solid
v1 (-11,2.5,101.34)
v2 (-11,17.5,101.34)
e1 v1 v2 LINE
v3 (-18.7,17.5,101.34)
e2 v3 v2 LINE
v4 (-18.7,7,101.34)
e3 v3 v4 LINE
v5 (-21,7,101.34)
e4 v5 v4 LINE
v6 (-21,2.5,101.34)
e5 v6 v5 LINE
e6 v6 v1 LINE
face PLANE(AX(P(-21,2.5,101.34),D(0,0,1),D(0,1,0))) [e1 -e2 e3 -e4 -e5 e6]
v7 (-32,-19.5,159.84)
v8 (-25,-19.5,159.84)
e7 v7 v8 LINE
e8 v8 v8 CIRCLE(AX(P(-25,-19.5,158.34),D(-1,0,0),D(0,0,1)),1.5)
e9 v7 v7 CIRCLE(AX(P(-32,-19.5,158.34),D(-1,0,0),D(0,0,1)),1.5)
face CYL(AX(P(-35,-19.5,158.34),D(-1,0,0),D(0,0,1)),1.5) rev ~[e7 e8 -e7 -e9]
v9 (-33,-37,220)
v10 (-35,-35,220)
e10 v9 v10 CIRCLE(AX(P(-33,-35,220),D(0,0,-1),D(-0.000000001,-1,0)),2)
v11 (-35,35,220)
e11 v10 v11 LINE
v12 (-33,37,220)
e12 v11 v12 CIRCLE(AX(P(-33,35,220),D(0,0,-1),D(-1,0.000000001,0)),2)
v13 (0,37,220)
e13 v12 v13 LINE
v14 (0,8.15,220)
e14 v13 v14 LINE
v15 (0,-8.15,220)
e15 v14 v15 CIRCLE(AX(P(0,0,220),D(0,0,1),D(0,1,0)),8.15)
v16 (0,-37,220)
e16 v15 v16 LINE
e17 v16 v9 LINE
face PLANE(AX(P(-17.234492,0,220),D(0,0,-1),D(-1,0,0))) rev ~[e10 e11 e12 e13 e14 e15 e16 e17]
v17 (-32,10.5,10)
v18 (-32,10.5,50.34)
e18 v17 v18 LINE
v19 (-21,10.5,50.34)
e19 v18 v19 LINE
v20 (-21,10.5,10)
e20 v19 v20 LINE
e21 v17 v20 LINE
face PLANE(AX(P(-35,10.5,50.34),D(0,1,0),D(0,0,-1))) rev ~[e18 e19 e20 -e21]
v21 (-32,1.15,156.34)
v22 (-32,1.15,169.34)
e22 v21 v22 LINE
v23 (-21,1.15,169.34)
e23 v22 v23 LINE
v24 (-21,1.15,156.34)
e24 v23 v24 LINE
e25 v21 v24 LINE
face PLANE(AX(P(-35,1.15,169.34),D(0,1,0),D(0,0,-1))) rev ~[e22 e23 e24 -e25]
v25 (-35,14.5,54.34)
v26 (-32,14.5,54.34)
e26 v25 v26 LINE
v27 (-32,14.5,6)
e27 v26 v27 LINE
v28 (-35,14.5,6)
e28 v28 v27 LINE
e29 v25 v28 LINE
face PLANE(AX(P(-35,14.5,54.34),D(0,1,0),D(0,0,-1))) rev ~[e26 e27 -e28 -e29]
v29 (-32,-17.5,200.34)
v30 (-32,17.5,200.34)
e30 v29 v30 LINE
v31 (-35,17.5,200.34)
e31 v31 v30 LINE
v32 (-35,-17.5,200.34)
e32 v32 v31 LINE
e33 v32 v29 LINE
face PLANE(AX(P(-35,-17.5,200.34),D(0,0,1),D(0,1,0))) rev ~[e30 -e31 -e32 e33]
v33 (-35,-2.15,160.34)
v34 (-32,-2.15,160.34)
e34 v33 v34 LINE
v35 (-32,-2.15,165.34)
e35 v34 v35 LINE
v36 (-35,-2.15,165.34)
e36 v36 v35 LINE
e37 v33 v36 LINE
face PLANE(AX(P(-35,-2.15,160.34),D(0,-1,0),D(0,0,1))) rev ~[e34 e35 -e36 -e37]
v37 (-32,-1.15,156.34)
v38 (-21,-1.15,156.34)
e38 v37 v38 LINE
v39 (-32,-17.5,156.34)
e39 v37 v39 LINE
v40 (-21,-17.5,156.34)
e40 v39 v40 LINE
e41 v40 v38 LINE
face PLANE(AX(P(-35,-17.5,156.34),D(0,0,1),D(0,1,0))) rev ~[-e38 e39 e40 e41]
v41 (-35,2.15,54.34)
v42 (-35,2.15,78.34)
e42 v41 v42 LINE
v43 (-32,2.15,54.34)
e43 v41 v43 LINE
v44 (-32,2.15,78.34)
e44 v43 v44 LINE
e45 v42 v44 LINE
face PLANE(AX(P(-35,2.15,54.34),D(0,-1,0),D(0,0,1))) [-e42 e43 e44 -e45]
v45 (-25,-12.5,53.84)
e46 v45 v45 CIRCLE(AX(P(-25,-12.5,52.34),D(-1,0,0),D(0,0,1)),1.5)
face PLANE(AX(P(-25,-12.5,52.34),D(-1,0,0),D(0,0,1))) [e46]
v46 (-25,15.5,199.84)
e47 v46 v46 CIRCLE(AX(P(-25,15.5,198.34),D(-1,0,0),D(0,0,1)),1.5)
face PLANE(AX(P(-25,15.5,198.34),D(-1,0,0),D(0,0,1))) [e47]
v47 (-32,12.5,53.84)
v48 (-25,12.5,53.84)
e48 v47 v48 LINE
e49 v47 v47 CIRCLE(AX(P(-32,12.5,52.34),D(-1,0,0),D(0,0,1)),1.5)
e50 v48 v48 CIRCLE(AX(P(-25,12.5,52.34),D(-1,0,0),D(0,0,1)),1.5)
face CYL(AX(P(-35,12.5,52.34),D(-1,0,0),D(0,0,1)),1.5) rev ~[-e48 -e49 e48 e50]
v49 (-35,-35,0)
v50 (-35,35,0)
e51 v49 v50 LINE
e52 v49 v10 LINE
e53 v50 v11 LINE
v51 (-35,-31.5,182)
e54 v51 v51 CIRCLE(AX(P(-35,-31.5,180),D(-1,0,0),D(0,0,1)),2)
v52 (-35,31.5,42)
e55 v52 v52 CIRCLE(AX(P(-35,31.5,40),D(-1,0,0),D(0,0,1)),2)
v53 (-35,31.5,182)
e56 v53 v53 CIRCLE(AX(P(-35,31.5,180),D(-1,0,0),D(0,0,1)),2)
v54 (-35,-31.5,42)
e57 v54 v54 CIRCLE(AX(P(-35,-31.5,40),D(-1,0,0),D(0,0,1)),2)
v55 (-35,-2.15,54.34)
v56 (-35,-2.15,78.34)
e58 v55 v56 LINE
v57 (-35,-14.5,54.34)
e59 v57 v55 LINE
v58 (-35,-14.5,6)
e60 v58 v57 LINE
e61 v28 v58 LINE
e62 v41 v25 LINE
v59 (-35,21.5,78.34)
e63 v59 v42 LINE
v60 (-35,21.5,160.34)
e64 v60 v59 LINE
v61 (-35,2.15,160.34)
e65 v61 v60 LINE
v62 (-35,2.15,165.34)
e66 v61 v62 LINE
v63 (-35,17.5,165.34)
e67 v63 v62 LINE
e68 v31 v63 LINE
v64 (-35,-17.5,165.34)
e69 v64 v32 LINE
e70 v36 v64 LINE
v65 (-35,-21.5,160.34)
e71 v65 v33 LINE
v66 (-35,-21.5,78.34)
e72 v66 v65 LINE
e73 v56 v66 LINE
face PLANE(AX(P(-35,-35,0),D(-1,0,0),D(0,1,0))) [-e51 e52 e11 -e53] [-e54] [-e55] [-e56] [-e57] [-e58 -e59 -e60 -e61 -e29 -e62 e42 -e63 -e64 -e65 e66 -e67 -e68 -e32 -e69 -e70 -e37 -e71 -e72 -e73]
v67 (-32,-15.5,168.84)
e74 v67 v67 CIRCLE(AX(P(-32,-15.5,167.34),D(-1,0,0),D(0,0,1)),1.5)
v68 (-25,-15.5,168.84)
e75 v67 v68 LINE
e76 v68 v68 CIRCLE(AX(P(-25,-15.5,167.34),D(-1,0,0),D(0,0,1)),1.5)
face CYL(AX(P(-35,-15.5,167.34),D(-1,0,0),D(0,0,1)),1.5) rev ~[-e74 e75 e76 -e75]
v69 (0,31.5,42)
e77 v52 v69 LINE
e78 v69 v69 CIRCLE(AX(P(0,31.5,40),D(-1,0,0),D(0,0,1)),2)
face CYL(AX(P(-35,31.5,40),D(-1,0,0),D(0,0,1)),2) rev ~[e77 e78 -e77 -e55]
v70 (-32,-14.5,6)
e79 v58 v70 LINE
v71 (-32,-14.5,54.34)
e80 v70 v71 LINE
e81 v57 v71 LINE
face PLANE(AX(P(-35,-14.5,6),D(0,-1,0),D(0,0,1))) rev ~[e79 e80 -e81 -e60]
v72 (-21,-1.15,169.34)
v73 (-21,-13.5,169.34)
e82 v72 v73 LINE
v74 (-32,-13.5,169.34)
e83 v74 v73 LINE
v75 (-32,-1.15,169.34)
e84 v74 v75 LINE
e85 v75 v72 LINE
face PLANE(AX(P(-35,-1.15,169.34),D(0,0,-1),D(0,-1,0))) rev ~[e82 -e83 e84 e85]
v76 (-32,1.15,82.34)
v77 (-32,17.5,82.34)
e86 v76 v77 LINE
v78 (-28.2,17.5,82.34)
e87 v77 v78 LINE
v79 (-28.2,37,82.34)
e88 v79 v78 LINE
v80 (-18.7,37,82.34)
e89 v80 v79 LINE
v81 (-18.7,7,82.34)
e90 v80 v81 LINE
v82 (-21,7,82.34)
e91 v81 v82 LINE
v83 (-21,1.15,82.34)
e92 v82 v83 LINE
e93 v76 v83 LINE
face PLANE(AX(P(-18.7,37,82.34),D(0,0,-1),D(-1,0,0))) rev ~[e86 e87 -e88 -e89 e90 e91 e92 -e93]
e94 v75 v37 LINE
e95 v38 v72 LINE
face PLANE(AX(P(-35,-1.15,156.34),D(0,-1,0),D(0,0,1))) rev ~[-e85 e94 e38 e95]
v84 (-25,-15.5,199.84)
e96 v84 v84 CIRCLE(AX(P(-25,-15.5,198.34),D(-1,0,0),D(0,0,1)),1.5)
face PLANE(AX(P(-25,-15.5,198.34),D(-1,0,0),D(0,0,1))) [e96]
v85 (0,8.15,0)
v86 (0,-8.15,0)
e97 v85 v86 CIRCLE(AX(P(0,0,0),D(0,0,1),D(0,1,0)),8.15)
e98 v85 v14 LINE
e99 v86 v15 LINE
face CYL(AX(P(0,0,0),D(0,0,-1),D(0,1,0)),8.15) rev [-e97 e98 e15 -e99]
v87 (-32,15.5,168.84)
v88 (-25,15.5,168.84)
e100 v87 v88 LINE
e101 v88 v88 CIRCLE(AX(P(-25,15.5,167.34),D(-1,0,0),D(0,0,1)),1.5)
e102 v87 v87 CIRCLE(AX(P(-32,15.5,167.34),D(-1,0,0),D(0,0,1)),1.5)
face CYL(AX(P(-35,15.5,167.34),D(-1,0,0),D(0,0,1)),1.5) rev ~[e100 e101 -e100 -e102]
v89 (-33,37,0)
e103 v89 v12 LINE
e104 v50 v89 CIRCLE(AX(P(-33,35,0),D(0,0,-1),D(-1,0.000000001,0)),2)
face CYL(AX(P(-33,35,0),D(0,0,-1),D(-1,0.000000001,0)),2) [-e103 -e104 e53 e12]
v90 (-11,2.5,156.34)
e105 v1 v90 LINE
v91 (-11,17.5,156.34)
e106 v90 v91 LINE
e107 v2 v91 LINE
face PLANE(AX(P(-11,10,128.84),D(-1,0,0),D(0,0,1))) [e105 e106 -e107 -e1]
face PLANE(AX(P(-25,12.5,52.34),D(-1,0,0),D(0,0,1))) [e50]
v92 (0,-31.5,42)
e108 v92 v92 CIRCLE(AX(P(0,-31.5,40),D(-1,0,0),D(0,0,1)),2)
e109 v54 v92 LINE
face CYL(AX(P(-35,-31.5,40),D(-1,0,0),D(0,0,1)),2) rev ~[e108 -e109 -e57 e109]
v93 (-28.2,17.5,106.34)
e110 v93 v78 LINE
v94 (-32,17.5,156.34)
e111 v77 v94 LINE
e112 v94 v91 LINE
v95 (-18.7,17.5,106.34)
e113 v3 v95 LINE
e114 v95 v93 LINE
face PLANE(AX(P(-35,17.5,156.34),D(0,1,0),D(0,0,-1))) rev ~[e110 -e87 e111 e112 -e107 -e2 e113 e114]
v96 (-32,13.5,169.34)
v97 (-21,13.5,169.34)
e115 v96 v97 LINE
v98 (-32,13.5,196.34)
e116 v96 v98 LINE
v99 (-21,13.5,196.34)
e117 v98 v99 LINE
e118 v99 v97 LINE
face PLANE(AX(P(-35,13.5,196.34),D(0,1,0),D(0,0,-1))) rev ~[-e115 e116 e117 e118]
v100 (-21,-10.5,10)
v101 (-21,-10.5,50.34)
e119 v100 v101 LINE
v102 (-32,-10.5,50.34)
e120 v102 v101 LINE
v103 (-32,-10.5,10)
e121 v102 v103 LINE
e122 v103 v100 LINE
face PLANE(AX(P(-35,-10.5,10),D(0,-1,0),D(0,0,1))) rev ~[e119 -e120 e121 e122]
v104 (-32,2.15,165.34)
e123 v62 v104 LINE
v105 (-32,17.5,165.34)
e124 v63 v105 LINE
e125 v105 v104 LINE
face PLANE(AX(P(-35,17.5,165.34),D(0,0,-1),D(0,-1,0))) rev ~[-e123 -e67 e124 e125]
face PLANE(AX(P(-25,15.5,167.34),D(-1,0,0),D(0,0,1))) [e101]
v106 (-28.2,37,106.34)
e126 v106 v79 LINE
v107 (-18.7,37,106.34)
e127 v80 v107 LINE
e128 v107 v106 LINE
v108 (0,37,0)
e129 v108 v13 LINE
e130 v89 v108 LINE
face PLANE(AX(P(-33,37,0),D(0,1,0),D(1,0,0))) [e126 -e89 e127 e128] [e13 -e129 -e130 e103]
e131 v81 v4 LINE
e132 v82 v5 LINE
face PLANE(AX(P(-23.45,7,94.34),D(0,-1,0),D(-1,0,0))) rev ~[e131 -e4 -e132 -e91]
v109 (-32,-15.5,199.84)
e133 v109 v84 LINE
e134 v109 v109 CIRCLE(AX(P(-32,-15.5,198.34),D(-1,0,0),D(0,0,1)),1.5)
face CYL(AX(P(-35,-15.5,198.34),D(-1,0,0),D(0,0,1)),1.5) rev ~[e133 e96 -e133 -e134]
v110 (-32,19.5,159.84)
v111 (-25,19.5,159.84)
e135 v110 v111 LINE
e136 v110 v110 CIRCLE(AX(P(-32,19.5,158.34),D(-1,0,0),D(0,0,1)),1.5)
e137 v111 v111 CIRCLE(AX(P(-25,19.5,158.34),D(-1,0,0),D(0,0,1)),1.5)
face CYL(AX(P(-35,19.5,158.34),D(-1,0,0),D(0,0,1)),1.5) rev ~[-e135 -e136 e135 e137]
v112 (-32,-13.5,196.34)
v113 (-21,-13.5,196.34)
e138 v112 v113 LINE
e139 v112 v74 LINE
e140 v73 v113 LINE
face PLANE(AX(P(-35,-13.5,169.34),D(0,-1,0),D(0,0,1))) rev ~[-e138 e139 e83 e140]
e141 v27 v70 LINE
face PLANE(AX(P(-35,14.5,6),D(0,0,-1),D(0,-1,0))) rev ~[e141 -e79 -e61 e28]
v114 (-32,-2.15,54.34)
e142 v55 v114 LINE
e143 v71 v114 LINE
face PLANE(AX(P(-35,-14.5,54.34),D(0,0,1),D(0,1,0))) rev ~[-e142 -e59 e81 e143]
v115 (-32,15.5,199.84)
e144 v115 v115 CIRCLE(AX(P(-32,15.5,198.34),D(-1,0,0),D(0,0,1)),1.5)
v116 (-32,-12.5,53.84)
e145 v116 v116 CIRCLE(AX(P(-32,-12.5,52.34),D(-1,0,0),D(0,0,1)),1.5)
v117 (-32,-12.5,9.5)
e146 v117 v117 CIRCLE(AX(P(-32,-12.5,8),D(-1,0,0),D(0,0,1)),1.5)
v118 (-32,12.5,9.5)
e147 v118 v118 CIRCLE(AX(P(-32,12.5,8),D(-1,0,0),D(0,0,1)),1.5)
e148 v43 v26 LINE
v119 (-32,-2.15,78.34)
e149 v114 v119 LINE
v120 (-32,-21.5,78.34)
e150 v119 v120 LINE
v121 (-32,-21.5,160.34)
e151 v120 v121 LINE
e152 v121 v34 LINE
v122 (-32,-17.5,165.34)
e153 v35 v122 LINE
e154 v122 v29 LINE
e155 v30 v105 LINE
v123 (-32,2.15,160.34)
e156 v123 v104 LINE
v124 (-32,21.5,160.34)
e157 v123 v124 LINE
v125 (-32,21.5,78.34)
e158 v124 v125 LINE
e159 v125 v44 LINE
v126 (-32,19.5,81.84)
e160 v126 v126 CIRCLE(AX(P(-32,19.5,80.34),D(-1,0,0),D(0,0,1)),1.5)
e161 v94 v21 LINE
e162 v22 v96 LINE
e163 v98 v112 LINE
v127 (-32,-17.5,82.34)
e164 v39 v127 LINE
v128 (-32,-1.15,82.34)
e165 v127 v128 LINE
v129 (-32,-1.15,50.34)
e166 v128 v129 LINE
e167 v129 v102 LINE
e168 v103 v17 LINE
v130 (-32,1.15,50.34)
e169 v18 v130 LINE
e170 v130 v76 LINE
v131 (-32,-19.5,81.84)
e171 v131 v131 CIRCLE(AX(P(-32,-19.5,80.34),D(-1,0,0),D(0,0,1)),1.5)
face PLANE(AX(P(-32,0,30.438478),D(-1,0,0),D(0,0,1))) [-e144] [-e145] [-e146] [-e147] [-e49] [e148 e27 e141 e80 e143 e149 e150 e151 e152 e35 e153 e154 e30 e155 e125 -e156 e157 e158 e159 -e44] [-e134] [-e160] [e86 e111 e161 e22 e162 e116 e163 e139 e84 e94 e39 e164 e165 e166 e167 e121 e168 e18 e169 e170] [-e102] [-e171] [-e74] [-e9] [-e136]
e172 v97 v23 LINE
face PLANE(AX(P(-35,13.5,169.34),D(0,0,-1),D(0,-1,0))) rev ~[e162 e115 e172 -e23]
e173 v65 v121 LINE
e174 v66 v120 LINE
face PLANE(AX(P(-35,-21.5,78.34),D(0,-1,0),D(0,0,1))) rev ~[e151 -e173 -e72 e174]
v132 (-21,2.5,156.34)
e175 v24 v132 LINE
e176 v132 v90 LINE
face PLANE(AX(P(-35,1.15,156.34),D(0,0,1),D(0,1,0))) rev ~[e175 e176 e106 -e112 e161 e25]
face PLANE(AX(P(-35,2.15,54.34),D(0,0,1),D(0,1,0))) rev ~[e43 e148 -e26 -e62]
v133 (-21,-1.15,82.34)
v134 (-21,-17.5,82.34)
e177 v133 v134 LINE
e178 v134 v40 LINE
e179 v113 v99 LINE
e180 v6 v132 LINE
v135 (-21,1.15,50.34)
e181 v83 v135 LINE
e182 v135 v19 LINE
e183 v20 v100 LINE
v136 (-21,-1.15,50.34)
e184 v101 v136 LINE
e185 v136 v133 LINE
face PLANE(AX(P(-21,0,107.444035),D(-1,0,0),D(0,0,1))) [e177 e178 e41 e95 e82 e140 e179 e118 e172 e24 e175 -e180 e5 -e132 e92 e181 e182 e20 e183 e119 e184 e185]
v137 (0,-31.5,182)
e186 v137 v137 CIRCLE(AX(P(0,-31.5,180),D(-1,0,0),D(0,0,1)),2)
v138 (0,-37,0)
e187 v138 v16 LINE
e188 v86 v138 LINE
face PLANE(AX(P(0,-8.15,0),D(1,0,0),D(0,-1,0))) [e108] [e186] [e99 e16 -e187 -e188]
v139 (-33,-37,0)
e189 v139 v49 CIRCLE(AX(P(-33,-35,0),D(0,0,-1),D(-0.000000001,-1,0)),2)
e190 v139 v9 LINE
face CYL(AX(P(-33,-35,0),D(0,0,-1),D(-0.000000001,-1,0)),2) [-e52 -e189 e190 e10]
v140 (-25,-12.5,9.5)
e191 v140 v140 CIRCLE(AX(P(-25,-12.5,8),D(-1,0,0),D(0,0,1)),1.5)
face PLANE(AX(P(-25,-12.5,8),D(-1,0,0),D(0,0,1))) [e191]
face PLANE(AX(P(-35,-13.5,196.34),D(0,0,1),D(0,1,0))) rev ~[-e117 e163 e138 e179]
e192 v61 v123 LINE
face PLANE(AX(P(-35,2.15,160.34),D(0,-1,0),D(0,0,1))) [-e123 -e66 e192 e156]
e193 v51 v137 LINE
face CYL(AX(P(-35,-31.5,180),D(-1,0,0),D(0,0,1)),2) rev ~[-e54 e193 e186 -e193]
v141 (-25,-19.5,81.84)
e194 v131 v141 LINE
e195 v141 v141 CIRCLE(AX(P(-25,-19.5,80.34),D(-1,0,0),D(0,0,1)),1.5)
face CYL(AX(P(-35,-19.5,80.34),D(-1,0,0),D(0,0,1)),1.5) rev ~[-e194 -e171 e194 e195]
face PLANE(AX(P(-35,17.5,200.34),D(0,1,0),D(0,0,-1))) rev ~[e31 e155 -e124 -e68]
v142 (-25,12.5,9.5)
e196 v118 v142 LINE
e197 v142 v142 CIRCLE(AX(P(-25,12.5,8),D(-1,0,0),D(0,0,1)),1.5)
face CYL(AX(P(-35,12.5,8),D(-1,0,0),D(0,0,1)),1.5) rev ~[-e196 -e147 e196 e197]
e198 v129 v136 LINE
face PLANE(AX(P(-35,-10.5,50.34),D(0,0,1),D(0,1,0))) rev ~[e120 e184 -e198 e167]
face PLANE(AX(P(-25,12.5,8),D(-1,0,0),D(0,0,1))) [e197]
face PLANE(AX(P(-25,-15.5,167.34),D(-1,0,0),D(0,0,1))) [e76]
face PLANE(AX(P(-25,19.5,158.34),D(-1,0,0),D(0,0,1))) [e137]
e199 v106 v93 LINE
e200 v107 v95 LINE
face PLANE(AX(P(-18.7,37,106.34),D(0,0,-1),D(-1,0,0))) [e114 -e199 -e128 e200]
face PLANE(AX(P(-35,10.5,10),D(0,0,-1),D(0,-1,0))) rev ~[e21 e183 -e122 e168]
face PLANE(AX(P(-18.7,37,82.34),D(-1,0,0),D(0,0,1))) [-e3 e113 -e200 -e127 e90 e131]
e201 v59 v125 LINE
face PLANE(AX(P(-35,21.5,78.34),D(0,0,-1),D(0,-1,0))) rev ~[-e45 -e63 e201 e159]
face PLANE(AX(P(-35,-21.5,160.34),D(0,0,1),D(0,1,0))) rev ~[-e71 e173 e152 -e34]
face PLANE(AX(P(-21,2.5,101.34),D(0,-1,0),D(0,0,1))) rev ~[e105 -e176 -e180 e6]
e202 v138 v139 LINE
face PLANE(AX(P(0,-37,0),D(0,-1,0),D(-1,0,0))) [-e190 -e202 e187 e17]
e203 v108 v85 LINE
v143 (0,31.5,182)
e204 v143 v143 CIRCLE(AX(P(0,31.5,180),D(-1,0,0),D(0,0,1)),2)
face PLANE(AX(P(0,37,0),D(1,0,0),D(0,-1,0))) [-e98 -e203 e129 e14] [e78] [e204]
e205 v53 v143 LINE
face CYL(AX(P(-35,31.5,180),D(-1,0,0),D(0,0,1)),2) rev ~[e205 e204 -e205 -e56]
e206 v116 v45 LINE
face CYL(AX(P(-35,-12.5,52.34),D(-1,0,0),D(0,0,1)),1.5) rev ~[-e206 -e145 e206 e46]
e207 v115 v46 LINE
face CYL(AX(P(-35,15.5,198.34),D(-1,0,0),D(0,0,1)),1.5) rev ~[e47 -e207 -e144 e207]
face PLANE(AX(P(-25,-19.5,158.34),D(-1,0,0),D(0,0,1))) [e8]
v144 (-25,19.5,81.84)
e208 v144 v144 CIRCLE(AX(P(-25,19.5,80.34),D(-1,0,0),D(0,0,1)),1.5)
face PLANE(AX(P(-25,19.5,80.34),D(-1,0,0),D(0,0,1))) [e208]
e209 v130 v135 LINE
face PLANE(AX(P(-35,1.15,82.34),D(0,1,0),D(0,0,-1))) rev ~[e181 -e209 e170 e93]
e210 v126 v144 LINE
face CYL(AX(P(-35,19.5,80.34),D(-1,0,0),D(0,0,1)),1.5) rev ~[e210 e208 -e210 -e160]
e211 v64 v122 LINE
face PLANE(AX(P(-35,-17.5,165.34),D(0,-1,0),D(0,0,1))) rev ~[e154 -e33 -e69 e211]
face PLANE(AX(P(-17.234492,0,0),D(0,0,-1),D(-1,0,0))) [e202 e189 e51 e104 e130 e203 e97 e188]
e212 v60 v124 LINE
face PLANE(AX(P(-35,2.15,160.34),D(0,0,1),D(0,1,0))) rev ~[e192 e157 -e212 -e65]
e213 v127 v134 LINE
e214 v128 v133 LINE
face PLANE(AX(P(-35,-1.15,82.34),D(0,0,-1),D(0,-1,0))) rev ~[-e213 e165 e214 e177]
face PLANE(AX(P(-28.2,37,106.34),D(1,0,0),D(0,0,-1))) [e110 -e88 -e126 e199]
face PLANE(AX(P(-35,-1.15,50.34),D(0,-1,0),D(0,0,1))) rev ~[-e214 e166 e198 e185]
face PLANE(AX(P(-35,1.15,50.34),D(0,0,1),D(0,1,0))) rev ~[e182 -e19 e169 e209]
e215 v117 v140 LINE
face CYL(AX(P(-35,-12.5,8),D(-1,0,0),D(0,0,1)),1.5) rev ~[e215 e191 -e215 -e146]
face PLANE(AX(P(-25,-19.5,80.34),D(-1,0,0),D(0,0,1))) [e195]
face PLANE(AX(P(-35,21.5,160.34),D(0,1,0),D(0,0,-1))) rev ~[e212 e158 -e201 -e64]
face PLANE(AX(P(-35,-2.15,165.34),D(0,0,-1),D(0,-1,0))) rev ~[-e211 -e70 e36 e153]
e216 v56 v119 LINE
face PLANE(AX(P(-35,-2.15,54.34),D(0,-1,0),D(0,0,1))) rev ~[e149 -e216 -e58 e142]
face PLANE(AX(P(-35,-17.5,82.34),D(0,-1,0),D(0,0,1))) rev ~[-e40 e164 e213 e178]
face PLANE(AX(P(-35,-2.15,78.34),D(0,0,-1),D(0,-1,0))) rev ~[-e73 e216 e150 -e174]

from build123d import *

# Parameters (mm, degrees)
SALIENTE_EXTRUIR1_DEPTH = 220
CORTAR_EXTRUIR2_DEPTH   = 14
CROQUIS2_9_W            = 24
CROQUIS2_9_H            = 1
CROQUIS2_9_W_2          = 5
CORTAR_EXTRUIR3_DEPTH   = 3
CROQUIS4_R              = 1.5
CORTAR_EXTRUIR4_DEPTH   = 10
CROQUIS5_R              = 2
CORTAR_EXTRUIR5_DEPTH   = 36
CROQUIS6_W              = 55
CROQUIS6_H              = 15
CORTAR_EXTRUIR7_DEPTH   = 10
CORTAR_EXTRUIR8_DEPTH   = 30


with BuildPart() as part:
    # Croquis1 → Saliente-Extruir1 (new body)
    with BuildSketch(Plane.XY):
        with BuildLine():
            Line((0, 37), (0, 8.15))
            ThreePointArc((0, 8.15), (-8.15, 0), (0, -8.15))
            Line((0, -8.15), (0, -37))
            Line((0, -37), (-33, -37))
            ThreePointArc((-33, -37), (-34.414213562, -36.414213562), (-35, -35))
            Line((-35, -35), (-35, 35))
            ThreePointArc((-35, 35), (-34.414213562, 36.414213562), (-33, 37))
            Line((-33, 37), (0, 37))
        make_face()
    extrude(amount=SALIENTE_EXTRUIR1_DEPTH)

    # Croquis2 → Cortar-Extruir2 (cut)
    with BuildSketch(Plane.ZY.offset(35)):
        Polygon((50.34, -1.15), (82.34, -1.15), (82.34, -17.5), (156.34, -17.5), (156.34, -1.15), (169.34, -1.15), (169.34, -13.5), (196.34, -13.5), (196.34, 13.5), (169.34, 13.5), (169.34, 1.15), (156.34, 1.15), (156.34, 17.5), (82.34, 17.5), (82.34, 1.15), (50.34, 1.15), (50.34, 10.5), (10, 10.5), (10, -10.5), (50.34, -10.5), align=None)
    extrude(amount=-CORTAR_EXTRUIR2_DEPTH, mode=Mode.SUBTRACT)

    # Croquis2_9 → Cortar-Extruir3 (cut)
    with BuildSketch(Plane.ZY.offset(35)):
        Polygon((54.34, 1.15), (54.34, 2.15), (54.34, 14.5), (6, 14.5), (6, -14.5), (54.34, -14.5), (54.34, -2.15), (54.34, -1.15), (50.34, -1.15), (50.34, -10.5), (10, -10.5), (10, 10.5), (50.34, 10.5), (50.34, 1.15), align=None)
        with Locations((66.34, 1.65)):
            Rectangle(CROQUIS2_9_W, CROQUIS2_9_H)
        with Locations((66.34, -1.65)):
            Rectangle(CROQUIS2_9_W, CROQUIS2_9_H)
        Polygon((78.34, 21.5), (78.34, 2.15), (78.34, 1.15), (82.34, 1.15), (82.34, 17.5), (156.34, 17.5), (156.34, 1.15), (160.34, 1.15), (160.34, 2.15), (160.34, 21.5), align=None)
        Polygon((82.34, -1.15), (78.34, -1.15), (78.34, -2.15), (78.34, -21.5), (160.34, -21.5), (160.34, -2.15), (160.34, -1.15), (156.34, -1.15), (156.34, -17.5), (82.34, -17.5), align=None)
        with Locations((162.84, 1.65)):
            Rectangle(CROQUIS2_9_W_2, CROQUIS2_9_H)
        with Locations((162.84, -1.65)):
            Rectangle(CROQUIS2_9_W_2, CROQUIS2_9_H)
        Polygon((165.34, 17.5), (165.34, 2.15), (165.34, 1.15), (169.34, 1.15), (169.34, 13.5), (196.34, 13.5), (196.34, -13.5), (169.34, -13.5), (169.34, -1.15), (165.34, -1.15), (165.34, -2.15), (165.34, -17.5), (200.34, -17.5), (200.34, 17.5), align=None)
    extrude(amount=-CORTAR_EXTRUIR3_DEPTH, mode=Mode.SUBTRACT)

    # Croquis4 → Cortar-Extruir4 (cut)
    with BuildSketch(Plane.ZY.offset(35)):
        with Locations((8, 12.5)):
            Circle(CROQUIS4_R)
        with Locations((8, -12.5)):
            Circle(CROQUIS4_R)
        with Locations((52.34, 12.5)):
            Circle(CROQUIS4_R)
        with Locations((52.34, -12.5)):
            Circle(CROQUIS4_R)
        with Locations((80.34, 19.5)):
            Circle(CROQUIS4_R)
        with Locations((158.34, 19.5)):
            Circle(CROQUIS4_R)
        with Locations((80.34, -19.5)):
            Circle(CROQUIS4_R)
        with Locations((158.34, -19.5)):
            Circle(CROQUIS4_R)
        with Locations((167.34, 15.5)):
            Circle(CROQUIS4_R)
        with Locations((198.34, 15.5)):
            Circle(CROQUIS4_R)
        with Locations((167.34, -15.5)):
            Circle(CROQUIS4_R)
        with Locations((198.34, -15.5)):
            Circle(CROQUIS4_R)
    extrude(amount=-CORTAR_EXTRUIR4_DEPTH, mode=Mode.SUBTRACT)

    # Croquis5 → Cortar-Extruir5 (cut, through all)
    with BuildSketch(Plane.ZY.offset(35)):
        with Locations((40, 31.5)):
            Circle(CROQUIS5_R)
        with Locations((40, -31.5)):
            Circle(CROQUIS5_R)
        with Locations((180, 31.5)):
            Circle(CROQUIS5_R)
        with Locations((180, -31.5)):
            Circle(CROQUIS5_R)
    extrude(amount=-CORTAR_EXTRUIR5_DEPTH, mode=Mode.SUBTRACT)

    # Croquis6 → Cortar-Extruir7 (cut)
    with BuildSketch(Plane.ZY.offset(21)):
        with Locations((128.84, 10)):
            Rectangle(CROQUIS6_W, CROQUIS6_H)
    extrude(amount=-CORTAR_EXTRUIR7_DEPTH, mode=Mode.SUBTRACT)

    # Croquis12 → Cortar-Extruir8 (cut)
    with BuildSketch(Plane(origin=(0, 37, 0), x_dir=(1, 0, 0), z_dir=(0, 1, 0))):
        Polygon((-19.700712137, -82.34), (-18.7, -82.34), (-18.7, -106.34), (-28.2, -106.34), (-28.2, -82.34), align=None)
    extrude(amount=-CORTAR_EXTRUIR8_DEPTH, mode=Mode.SUBTRACT)


solid = part.part
